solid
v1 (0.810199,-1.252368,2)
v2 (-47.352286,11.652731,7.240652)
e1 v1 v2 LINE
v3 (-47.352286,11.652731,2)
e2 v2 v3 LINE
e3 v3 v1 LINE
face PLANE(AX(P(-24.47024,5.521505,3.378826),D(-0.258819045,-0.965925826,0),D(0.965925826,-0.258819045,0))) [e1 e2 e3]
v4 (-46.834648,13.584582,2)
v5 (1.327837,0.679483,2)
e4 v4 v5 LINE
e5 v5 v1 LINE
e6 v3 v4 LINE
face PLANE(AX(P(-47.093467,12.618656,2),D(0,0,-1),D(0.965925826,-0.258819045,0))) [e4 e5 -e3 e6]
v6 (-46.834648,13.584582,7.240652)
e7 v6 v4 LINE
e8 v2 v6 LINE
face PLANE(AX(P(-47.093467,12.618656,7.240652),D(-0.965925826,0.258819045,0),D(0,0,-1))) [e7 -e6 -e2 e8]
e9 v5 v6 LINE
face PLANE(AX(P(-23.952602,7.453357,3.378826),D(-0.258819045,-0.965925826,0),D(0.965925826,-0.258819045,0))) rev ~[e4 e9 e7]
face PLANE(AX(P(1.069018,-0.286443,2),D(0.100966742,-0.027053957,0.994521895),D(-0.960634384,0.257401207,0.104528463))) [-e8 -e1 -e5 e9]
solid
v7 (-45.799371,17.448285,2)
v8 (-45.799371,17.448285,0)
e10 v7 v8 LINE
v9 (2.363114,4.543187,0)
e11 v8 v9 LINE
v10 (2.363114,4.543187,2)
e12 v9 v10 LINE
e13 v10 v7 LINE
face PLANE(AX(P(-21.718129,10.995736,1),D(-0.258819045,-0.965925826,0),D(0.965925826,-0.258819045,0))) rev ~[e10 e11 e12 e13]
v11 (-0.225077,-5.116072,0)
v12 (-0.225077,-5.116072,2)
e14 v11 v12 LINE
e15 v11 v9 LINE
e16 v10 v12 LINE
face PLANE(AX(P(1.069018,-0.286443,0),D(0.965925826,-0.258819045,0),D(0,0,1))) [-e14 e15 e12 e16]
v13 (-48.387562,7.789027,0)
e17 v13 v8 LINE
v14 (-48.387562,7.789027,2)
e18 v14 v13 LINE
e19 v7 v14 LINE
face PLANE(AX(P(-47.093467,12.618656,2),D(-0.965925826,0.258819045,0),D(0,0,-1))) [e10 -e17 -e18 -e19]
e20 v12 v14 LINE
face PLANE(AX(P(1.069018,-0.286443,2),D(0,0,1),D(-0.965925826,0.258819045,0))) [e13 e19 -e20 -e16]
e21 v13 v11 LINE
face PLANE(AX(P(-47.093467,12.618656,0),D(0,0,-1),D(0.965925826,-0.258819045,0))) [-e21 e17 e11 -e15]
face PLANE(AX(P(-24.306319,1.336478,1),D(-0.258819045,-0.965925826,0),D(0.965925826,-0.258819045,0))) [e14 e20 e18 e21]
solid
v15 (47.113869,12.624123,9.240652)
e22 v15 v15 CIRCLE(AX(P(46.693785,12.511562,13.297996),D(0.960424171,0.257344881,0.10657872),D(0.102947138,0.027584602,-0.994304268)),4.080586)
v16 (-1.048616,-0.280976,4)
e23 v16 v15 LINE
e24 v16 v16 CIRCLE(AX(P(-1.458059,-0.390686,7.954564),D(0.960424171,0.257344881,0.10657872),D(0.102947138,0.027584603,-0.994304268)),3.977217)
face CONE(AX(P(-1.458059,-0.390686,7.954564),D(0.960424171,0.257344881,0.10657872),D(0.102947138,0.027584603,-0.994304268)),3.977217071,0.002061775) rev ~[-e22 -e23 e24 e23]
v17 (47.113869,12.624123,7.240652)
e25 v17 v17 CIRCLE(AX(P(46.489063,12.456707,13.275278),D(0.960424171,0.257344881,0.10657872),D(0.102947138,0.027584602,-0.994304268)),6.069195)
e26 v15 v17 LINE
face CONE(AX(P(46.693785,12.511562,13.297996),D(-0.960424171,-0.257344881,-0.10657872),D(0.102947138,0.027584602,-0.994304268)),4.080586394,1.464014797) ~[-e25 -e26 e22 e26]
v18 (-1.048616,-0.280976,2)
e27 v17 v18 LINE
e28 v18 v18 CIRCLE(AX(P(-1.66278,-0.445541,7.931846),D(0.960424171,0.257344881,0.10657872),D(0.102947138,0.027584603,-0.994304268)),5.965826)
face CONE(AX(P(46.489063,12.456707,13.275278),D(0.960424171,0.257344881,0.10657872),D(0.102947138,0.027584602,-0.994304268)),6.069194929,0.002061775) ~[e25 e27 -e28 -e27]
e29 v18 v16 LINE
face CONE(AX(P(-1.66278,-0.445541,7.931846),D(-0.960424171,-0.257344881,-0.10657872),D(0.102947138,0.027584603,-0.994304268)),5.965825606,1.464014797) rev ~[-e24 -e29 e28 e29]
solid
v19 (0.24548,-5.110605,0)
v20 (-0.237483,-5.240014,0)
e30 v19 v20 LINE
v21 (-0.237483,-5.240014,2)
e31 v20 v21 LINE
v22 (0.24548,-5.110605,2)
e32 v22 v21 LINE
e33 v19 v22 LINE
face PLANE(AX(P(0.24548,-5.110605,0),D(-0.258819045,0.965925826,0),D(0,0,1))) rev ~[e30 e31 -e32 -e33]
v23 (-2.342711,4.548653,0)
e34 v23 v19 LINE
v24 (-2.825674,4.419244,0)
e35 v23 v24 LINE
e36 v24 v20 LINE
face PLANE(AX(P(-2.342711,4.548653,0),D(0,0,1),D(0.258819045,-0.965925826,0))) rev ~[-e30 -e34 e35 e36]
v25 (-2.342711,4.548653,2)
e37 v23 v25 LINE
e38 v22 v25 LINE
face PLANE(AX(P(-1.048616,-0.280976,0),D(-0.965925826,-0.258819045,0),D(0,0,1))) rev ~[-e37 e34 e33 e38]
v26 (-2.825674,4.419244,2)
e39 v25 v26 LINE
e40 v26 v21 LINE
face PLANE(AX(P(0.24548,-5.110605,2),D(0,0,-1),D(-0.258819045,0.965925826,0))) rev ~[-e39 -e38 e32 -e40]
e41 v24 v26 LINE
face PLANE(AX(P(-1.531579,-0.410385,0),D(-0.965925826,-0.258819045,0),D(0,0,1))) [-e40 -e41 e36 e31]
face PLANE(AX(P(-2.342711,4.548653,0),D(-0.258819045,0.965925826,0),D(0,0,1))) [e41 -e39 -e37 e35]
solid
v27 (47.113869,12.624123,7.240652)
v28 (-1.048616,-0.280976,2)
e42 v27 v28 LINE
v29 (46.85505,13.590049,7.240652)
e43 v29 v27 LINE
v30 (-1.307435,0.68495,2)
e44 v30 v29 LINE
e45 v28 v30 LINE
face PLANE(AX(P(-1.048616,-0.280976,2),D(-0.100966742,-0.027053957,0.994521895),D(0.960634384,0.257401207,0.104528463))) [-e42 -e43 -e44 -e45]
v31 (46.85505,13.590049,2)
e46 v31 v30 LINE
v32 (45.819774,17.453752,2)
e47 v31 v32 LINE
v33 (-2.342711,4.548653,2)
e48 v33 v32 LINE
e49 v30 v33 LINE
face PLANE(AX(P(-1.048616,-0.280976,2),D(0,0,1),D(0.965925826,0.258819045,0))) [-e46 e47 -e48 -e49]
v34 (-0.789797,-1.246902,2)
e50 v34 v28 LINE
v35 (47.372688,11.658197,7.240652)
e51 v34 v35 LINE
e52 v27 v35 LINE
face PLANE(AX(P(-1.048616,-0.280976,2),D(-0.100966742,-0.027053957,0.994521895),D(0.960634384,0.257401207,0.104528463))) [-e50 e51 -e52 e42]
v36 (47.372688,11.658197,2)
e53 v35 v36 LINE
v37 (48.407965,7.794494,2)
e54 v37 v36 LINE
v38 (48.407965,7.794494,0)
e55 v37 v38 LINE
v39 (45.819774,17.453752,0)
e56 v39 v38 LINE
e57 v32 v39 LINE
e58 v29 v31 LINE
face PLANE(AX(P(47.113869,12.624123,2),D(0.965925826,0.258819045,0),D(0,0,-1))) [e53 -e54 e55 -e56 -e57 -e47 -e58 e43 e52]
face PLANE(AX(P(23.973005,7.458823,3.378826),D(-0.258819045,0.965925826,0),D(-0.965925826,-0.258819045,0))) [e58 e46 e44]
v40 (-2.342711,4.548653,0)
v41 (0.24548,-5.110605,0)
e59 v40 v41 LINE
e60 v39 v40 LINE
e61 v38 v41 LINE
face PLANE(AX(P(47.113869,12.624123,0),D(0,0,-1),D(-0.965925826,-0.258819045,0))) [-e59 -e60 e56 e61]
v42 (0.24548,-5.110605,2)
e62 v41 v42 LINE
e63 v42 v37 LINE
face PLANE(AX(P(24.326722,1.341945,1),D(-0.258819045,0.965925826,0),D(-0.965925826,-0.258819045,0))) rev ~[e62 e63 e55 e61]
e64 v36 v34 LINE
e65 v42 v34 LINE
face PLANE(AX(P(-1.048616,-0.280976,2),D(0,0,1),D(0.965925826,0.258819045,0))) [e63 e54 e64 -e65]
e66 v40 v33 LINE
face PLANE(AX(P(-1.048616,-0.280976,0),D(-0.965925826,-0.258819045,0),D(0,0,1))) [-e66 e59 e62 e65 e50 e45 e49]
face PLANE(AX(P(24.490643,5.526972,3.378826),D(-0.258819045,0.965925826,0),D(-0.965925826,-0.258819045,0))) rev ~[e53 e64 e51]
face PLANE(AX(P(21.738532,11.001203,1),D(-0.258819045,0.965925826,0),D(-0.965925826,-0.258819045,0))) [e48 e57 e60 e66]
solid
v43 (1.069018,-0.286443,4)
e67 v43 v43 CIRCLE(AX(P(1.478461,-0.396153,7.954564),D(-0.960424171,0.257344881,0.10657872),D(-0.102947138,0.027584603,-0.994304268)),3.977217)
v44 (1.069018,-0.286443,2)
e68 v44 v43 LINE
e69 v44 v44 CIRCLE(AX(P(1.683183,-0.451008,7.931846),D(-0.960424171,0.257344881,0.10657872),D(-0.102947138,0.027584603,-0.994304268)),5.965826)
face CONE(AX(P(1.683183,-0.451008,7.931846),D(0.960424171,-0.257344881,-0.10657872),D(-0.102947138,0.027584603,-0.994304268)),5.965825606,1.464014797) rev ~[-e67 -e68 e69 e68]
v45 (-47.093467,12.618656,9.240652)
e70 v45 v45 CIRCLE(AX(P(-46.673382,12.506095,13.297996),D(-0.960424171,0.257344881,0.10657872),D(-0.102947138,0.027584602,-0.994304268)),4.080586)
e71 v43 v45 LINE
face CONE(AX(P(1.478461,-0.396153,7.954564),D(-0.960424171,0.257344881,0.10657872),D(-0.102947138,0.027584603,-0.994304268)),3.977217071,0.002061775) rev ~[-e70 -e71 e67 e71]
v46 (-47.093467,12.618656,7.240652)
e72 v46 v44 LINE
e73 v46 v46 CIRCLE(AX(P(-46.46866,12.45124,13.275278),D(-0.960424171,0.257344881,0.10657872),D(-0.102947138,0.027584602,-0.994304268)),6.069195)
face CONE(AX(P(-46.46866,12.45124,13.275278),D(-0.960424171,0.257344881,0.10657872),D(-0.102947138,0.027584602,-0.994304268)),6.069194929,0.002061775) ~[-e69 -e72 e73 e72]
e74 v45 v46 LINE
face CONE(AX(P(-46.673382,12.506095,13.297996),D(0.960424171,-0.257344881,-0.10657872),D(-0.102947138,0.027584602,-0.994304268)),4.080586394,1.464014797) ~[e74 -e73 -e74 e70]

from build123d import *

# Parameters (mm, degrees)
F3_DEPTH  = 1
F4_DEPTH  = 5
F8_DEPTH  = 1
F9_DEPTH  = 5
F11_DEPTH = 0.5


with BuildPart() as f3:
    # F2 (on line) → F3 (new body, symmetric)
    with BuildSketch(Plane(origin=(0, 0, 0), x_dir=(-0.9659258263, -0.2588190451, 0), z_dir=(-0.2588190451, 0.9659258263, 0))):
        Polygon((-48.7758666277, 2), (1.0856067809, 2), (-48.7758666277, 7.2406520318), (-48.7758666277, 3), align=None)
    extrude(amount=F3_DEPTH, both=True)

    # F2 (on line) → F4 (join, symmetric)
    with BuildSketch(Plane(origin=(0, 0, 0), x_dir=(-0.9659258263, -0.2588190451, 0), z_dir=(-0.2588190451, 0.9659258263, 0))):
        Polygon((1.0856067809, 0), (1.0856067809, 2), (-48.7758666277, 2), (-48.7758666277, 0), (0.3855986568, 0), align=None)
    extrude(amount=F4_DEPTH, both=True)

    # F2 (on line) → F5 (revolve)
    with BuildSketch(Plane(origin=(0, 0, 0), x_dir=(-0.9659258263, -0.2588190451, 0), z_dir=(-0.2588190451, 0.9659258263, 0))):
        Polygon((-48.7758666277, 7.2406520318), (1.0856067809, 2), (1.0856067809, 4), (-48.7758666277, 9.2406520318), (-48.7758666277, 8.2406520318), align=None)
    revolve(axis=Axis((22.9852616891, 6.1588823074, 10.667050615), (0.9604241712, 0.2573448811, 0.1065787198)))


with BuildPart() as f8:
    # F7 (on line) → F8 (new body, symmetric)
    with BuildSketch(Plane(origin=(0, 0, 0), x_dir=(0.9659258263, -0.2588190451, 0), z_dir=(-0.2588190451, -0.9659258263, 0))):
        Polygon((-48.7547442317, 2), (1.1067291769, 2), (-48.7547442317, 7.2406520318), (-48.7547442317, 3), align=None)
    extrude(amount=F8_DEPTH, both=True)


with BuildPart() as f9:
    # F7 (on line) → F9 (new body, symmetric)
    with BuildSketch(Plane(origin=(0, 0, 0), x_dir=(0.9659258263, -0.2588190451, 0), z_dir=(-0.2588190451, -0.9659258263, 0))):
        Polygon((1.1067291769, 0), (1.1067291769, 2), (-48.7547442317, 2), (-48.7547442317, 0), (-0.1932779279, 0), align=None)
    extrude(amount=F9_DEPTH, both=True)


with BuildPart() as f10:
    # F7 (on line) → F10 (revolve)
    with BuildSketch(Plane(origin=(0, 0, 0), x_dir=(0.9659258263, -0.2588190451, 0), z_dir=(-0.2588190451, -0.9659258263, 0))):
        Polygon((-48.7547442317, 7.2406520318), (1.1067291769, 2), (1.1067291769, 4), (-48.7547442317, 9.2406520318), (-48.7547442317, 8.2406520318), align=None)
    revolve(axis=Axis((-22.9648590213, 6.153415429, 10.667050615), (-0.9604241712, 0.2573448811, 0.1065787198)))


with BuildPart() as f11:
    # F11 (new): a face of the model
    f11_faces = [f3.part.faces().sort_by_distance(p)[0] for p in [
        (-1.0486156269, -0.2809757104, 1),
    ]]
    extrude(f11_faces, amount=F11_DEPTH)


solid = Compound([f3.part, f8.part, f9.part, f10.part, f11.part])
